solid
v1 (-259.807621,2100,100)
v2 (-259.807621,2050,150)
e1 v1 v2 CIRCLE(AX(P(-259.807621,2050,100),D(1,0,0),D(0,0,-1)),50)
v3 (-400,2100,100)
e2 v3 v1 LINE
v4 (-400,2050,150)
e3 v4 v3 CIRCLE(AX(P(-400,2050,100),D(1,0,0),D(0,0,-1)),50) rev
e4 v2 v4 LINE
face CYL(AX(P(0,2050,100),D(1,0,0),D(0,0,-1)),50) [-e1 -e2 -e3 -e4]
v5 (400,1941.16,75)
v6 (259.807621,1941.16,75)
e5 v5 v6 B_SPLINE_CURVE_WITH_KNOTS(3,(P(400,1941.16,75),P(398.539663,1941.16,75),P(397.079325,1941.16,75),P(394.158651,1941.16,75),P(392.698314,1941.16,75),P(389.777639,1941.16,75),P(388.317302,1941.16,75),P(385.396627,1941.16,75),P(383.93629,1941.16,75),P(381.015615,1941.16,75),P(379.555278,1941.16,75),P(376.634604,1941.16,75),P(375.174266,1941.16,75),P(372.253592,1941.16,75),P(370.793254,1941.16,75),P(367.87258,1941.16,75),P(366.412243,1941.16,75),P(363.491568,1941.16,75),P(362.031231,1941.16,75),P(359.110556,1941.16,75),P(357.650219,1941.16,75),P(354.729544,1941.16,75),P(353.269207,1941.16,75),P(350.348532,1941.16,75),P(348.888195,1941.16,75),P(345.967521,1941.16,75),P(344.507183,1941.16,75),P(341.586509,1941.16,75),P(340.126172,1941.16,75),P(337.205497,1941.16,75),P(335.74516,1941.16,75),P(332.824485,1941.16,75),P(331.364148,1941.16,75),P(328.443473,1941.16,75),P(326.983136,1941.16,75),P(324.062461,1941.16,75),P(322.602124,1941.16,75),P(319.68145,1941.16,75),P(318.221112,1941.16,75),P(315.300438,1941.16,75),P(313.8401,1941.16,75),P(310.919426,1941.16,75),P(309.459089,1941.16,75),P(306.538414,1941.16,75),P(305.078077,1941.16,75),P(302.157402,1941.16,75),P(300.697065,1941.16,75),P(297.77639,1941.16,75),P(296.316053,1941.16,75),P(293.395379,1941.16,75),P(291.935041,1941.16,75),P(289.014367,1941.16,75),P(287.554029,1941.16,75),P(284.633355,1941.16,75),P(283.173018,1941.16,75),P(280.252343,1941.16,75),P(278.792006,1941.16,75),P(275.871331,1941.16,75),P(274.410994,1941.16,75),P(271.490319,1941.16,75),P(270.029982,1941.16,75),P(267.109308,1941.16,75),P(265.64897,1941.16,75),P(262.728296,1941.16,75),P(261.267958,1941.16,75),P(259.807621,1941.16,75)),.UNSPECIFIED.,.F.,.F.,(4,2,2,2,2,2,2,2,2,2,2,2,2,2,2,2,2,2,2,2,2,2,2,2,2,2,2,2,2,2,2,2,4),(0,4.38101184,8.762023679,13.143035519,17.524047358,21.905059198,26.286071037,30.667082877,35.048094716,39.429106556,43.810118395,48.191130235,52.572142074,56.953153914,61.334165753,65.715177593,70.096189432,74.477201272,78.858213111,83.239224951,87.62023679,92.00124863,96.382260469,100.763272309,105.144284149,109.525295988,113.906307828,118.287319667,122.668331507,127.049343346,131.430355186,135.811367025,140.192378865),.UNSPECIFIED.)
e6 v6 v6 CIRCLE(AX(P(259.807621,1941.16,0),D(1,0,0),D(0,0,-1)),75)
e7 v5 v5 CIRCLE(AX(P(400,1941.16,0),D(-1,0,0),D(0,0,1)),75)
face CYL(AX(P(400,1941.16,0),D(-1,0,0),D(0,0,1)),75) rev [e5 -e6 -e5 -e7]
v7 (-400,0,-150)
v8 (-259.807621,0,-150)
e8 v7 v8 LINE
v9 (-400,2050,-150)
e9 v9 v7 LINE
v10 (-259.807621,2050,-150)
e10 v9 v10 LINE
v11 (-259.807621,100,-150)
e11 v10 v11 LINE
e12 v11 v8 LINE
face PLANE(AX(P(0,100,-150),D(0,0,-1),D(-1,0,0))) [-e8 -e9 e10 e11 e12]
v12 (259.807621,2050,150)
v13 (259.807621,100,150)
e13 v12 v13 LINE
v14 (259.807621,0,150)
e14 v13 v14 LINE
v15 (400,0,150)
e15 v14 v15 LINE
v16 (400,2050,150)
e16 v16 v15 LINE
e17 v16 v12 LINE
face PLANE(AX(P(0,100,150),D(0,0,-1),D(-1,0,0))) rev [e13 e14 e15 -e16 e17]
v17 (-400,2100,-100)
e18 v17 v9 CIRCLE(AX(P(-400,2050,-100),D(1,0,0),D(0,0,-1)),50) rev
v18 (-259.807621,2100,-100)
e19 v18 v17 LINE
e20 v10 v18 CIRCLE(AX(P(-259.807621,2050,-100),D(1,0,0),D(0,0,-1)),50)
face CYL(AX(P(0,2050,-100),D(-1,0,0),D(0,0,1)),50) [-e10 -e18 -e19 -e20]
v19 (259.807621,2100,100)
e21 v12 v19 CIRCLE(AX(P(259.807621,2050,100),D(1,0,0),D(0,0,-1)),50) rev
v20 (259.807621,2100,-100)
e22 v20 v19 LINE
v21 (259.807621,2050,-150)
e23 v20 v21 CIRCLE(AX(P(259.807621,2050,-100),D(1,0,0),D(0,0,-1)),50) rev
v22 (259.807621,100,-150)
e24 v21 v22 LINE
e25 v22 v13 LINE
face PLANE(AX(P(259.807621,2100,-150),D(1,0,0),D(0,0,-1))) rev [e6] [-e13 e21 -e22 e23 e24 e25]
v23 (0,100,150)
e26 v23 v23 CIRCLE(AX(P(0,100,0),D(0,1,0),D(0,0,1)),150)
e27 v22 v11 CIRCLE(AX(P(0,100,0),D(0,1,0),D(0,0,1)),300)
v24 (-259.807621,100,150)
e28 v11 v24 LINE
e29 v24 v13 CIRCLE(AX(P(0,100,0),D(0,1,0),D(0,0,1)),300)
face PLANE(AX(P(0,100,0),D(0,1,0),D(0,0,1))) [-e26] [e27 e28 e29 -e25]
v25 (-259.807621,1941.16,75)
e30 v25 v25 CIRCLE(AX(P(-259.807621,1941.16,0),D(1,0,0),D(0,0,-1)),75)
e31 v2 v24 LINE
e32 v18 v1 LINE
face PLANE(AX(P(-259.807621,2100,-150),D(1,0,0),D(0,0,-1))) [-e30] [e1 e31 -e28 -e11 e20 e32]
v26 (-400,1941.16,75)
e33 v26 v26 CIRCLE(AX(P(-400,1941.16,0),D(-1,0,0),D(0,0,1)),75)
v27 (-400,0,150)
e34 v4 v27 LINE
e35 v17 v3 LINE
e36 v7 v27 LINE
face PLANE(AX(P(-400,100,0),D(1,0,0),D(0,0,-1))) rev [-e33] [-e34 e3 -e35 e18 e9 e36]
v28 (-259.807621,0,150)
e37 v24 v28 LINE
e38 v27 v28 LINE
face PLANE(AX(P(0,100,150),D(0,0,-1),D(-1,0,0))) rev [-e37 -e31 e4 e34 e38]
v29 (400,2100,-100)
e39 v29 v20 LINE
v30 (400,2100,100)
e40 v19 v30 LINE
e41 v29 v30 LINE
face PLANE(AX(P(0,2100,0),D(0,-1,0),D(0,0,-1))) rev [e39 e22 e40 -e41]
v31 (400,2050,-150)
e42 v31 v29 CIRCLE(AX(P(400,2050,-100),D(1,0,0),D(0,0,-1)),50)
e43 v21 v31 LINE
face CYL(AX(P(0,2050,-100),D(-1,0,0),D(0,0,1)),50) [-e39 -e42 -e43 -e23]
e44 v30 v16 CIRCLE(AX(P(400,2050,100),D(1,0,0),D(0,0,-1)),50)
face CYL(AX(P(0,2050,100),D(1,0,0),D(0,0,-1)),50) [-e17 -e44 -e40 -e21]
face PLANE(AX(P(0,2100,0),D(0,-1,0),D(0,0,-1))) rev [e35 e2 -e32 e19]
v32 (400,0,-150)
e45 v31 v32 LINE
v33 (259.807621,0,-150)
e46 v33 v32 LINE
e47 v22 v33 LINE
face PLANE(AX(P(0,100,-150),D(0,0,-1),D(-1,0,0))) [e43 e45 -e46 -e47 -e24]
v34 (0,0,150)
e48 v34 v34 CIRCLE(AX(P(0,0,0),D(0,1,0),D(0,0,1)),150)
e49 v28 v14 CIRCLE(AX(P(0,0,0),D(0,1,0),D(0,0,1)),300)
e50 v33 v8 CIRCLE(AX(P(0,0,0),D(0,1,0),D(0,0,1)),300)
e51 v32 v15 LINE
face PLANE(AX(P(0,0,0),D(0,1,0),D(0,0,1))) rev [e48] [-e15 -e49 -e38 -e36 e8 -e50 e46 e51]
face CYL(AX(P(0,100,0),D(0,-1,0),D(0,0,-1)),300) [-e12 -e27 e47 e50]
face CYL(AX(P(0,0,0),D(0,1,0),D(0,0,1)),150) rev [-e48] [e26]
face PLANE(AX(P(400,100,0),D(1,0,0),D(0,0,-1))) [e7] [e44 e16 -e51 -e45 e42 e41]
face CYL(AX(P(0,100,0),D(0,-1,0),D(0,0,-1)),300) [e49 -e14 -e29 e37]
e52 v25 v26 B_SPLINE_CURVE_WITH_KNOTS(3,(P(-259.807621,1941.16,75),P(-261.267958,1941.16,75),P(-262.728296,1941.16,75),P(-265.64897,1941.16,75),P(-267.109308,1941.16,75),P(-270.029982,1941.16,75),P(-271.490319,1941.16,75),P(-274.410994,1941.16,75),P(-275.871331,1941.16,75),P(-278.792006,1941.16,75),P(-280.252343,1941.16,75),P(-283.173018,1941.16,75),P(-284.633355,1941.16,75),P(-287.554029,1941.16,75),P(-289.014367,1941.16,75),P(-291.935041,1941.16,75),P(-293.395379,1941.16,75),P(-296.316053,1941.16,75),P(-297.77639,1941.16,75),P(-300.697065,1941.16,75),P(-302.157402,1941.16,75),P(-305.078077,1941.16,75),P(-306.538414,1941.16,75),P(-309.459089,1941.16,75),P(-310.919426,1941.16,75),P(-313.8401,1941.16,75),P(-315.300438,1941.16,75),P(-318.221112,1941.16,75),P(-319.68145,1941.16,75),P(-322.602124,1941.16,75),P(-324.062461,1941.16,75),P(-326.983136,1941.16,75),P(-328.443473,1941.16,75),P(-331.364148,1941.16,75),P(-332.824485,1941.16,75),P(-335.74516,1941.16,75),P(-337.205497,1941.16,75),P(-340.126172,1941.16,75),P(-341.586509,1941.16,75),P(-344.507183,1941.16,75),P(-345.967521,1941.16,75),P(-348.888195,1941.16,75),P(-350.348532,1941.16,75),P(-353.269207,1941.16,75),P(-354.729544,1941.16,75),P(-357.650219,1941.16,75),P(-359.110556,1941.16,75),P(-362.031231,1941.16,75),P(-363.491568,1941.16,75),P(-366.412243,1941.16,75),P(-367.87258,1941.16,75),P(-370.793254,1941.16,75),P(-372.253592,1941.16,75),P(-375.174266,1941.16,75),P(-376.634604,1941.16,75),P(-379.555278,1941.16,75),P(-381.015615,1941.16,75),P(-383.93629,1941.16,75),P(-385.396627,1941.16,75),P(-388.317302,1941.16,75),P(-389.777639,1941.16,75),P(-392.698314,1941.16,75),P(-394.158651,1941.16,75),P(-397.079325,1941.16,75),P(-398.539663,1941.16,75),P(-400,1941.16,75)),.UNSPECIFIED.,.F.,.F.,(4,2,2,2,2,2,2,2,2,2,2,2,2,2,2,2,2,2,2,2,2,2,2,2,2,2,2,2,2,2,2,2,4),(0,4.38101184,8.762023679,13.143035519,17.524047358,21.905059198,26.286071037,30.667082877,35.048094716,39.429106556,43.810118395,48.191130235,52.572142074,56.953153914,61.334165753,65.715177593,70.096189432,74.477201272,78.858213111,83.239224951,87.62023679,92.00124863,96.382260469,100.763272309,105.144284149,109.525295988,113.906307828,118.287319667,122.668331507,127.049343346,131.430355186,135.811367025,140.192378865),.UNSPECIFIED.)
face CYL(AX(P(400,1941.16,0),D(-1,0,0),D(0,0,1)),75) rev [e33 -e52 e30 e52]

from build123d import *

# Parameters (mm, degrees)
BOSS_EXTRUDE1_DEPTH = 100
SKETCH2_W           = 140.192378865
SKETCH2_H           = 300
BOSS_EXTRUDE2_DEPTH = 2000
SKETCH3_R           = 150
CUT_EXTRUDE1_DEPTH  = 100
FILLET1_R           = 50
CUT_EXTRUDE2_START  = -800
SKETCH4_R           = 75
CUT_EXTRUDE2_DEPTH  = 800


with BuildPart() as part:
    # Sketch1 → Boss-Extrude1 (new body)
    with BuildSketch(Plane(origin=(0, 0, 0), x_dir=(1, 0, 0), z_dir=(0, 1, 0))):
        with BuildLine():
            ThreePointArc((259.807621135, 150), (0, 300), (-259.807621135, 150))
            Line((-259.807621135, 150), (259.807621135, 150))
        make_face()
        with BuildLine():
            Line((259.807621135, 150), (-259.807621135, 150))
            ThreePointArc((-259.807621135, 150), (-300, 0), (-259.807621135, -150))
            Line((-259.807621135, -150), (259.807621135, -150))
            ThreePointArc((259.807621135, -150), (289.777747887, -77.645713531), (300, 0))
            ThreePointArc((300, 0), (289.777747887, 77.645713531), (259.807621135, 150))
        make_face()
        with BuildLine():
            Line((259.807621135, -150), (-259.807621135, -150))
            ThreePointArc((-259.807621135, -150), (0, -300), (259.807621135, -150))
        make_face()
        with BuildLine():
            Line((-259.807621135, 150), (-400, 150))
            Line((-400, 150), (-400, -150))
            Line((-400, -150), (-259.807621135, -150))
            ThreePointArc((-259.807621135, -150), (-300, 0), (-259.807621135, 150))
        make_face()
        with BuildLine():
            Line((400, 150), (259.807621135, 150))
            ThreePointArc((259.807621135, 150), (289.777747887, 77.645713531), (300, 0))
            ThreePointArc((300, 0), (289.777747887, -77.645713531), (259.807621135, -150))
            Line((259.807621135, -150), (400, -150))
            Line((400, -150), (400, 150))
        make_face()
    extrude(amount=BOSS_EXTRUDE1_DEPTH)

    # Sketch2 → Boss-Extrude2 (add)
    with BuildSketch(Plane(origin=(0, 100, 0), x_dir=(1, 0, 0), z_dir=(0, 1, 0))):
        with Locations((-329.903810568, 0)):
            Rectangle(SKETCH2_W, SKETCH2_H)
        with Locations((329.903810568, 0)):
            Rectangle(SKETCH2_W, SKETCH2_H)
    extrude(amount=BOSS_EXTRUDE2_DEPTH)

    # Sketch3 → Cut-Extrude1 (cut)
    with BuildSketch(Plane(origin=(0, 100, 0), x_dir=(1, 0, 0), z_dir=(0, 1, 0))):
        with Locations(Location((0, 0, 0), (0, 0, 270))):
            Circle(SKETCH3_R)
    extrude(amount=-CUT_EXTRUDE1_DEPTH, mode=Mode.SUBTRACT)

    # Fillet1
    fillet1_edges = [part.edges().sort_by_distance(p)[0] for p in [
        (-329.903810568, 2100, -150),
        (-329.903810568, 2100, 150),
        (329.903810568, 2100, -150),
        (329.903810568, 2100, 150),
    ]]
    fillet(fillet1_edges, radius=FILLET1_R)

    # Sketch4 → Cut-Extrude2 (cut)
    with BuildSketch(Plane.ZY.offset(400).offset(CUT_EXTRUDE2_START)):
        with Locations((0, 1941.16)):
            Circle(SKETCH4_R)
    extrude(amount=CUT_EXTRUDE2_DEPTH, mode=Mode.SUBTRACT)


solid = part.part
